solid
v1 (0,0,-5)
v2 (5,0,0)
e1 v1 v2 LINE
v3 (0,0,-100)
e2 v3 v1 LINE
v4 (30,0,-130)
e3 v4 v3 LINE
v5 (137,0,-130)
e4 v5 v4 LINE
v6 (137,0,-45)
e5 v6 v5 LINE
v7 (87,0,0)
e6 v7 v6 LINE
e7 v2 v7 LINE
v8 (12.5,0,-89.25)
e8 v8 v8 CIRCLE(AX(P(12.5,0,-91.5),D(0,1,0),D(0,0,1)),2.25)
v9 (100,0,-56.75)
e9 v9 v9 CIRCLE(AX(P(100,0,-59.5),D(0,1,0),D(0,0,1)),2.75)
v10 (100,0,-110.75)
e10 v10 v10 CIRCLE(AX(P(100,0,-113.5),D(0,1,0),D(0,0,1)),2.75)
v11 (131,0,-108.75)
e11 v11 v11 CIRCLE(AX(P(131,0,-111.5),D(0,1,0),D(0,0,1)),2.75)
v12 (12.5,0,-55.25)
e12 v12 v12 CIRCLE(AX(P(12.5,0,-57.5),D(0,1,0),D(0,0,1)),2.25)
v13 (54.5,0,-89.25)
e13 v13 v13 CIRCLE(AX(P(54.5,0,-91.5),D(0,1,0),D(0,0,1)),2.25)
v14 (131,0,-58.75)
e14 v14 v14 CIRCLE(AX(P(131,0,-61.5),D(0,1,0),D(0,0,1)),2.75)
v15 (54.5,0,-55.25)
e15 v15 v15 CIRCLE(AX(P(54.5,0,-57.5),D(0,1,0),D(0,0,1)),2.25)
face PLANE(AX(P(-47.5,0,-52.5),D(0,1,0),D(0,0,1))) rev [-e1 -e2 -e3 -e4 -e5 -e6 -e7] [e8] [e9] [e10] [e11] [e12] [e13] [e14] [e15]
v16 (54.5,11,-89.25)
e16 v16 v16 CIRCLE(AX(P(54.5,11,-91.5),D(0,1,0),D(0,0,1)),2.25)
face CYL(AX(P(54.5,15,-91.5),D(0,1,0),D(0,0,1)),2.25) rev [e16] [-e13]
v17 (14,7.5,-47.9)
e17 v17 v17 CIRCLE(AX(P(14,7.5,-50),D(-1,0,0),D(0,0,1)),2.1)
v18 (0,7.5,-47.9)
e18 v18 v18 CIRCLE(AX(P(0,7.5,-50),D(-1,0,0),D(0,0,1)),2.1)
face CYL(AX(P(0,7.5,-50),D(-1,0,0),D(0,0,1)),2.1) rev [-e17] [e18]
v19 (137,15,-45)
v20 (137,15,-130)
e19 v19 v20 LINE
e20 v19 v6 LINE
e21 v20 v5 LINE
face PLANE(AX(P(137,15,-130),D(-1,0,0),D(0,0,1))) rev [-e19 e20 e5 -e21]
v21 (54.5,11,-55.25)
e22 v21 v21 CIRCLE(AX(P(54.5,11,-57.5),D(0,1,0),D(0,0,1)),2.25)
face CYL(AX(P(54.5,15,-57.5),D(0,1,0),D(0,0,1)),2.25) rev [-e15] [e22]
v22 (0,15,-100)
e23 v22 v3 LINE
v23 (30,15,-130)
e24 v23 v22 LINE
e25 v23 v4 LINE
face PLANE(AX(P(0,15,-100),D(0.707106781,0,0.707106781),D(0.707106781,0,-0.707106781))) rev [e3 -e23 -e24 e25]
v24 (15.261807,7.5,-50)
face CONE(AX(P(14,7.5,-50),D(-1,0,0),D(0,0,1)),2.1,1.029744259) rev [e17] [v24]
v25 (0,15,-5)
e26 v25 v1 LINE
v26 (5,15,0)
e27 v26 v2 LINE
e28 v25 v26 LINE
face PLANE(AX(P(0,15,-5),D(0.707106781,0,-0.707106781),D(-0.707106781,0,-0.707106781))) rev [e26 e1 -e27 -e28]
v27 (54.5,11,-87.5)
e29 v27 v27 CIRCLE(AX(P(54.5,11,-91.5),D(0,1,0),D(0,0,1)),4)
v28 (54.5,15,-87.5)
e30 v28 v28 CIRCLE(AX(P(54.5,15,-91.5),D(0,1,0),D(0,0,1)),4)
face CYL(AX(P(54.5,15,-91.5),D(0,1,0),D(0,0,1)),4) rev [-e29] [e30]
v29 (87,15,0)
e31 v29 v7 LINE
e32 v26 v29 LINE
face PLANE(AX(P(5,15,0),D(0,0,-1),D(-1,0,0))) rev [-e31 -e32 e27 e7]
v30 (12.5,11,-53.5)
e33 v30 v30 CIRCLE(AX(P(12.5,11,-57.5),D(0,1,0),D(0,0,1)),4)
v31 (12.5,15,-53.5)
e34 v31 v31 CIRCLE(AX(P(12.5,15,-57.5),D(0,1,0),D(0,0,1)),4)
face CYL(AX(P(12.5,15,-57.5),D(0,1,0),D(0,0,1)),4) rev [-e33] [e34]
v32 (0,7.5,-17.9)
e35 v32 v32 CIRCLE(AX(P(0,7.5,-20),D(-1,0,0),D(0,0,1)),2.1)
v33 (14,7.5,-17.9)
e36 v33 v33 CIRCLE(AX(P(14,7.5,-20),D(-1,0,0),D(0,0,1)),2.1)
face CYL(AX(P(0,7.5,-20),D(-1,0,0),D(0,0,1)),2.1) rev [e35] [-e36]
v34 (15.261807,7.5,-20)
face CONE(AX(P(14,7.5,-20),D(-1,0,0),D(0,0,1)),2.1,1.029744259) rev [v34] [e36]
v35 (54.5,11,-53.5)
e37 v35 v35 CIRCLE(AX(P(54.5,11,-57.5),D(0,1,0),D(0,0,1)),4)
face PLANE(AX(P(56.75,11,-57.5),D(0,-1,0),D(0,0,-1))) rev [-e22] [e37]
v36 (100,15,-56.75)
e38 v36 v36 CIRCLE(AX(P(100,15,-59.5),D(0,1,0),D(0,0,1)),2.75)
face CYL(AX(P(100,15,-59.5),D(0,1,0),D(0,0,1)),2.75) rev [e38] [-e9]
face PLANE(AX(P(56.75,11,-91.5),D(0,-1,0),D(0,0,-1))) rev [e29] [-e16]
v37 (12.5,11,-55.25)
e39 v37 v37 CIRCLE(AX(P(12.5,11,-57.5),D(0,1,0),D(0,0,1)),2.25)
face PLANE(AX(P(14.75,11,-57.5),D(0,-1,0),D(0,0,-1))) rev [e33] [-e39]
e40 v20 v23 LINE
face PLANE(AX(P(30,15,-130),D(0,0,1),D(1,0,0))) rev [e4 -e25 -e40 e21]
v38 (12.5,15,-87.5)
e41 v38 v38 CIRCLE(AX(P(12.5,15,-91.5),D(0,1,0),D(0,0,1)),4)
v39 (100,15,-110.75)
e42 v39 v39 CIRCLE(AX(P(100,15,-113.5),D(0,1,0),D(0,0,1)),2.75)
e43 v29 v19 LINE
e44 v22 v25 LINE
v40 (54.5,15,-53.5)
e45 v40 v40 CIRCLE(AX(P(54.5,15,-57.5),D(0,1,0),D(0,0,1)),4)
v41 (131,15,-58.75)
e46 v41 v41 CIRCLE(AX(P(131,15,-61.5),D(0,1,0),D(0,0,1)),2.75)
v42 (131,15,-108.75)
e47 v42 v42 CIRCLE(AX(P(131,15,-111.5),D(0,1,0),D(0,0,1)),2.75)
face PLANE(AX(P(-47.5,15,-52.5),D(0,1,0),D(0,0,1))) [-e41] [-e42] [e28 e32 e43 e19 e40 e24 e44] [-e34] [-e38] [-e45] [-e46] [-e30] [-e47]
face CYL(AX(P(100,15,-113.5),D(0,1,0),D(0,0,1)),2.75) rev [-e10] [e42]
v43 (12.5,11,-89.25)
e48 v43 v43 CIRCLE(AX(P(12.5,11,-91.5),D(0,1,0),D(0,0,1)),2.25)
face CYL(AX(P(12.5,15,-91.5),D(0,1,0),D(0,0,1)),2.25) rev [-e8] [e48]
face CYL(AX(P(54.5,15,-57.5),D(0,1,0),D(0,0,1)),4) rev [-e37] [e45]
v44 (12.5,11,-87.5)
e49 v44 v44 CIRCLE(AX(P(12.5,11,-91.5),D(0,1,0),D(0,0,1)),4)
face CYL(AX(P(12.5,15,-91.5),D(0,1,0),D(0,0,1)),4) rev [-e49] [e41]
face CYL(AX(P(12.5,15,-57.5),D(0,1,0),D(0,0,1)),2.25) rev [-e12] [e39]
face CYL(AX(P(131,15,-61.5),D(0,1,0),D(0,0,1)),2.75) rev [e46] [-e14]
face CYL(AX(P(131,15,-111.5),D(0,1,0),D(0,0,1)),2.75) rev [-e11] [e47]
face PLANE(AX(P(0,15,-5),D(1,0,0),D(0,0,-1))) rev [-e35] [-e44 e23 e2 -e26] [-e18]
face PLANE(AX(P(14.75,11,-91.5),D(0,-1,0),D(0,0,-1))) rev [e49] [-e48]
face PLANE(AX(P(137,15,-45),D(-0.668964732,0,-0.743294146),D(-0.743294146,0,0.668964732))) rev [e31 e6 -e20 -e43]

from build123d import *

# Parameters (mm, degrees)
BOSS_EXTRUDE1_DEPTH                             = 15
M5_CLEARANCE_HOLE1_D                            = 5.5
M5_CLEARANCE_HOLE2_D                            = 5.5
CBORE_FOR_M4_SOCKET_HEAD_CAP_SCREW1_D           = 4.5
CBORE_FOR_M4_SOCKET_HEAD_CAP_SCREW1_CBORE_D     = 8
CBORE_FOR_M4_SOCKET_HEAD_CAP_SCREW1_CBORE_DEPTH = 4
HOLE_WIZARD_M51_D                               = 4.2
HOLE_WIZARD_M51_DEPTH                           = 14
HOLE_WIZARD_M51_TIP                             = 1.2618073


with BuildPart() as part:
    # Sketch1 → Boss-Extrude1 (new body)
    with BuildSketch(Plane(origin=(0, 0, 0), x_dir=(1, 0, 0), z_dir=(0, 1, 0))):
        Polygon((0, 100), (30, 130), (137, 130), (137, 120), (137, 45), (87, 0), (5, 0), (0, 5), align=None)
    extrude(amount=BOSS_EXTRUDE1_DEPTH)

    # M5 Clearance Hole1 (through all)
    with Locations(Plane(origin=(0, 15, 0), x_dir=(-1, 0, 0), z_dir=(0, 1, 0))):
        with Locations((-100, -59.5), (-100, -113.5)):
            Hole(M5_CLEARANCE_HOLE1_D / 2)

    # M5 Clearance Hole2 (through all)
    with Locations(Plane(origin=(0, 15, 0), x_dir=(-1, 0, 0), z_dir=(0, 1, 0))):
        with Locations((-131, -111.5), (-131, -61.5)):
            Hole(M5_CLEARANCE_HOLE2_D / 2)

    # CBORE for M4 Socket Head Cap Screw1 (through all)
    with Locations(Plane(origin=(0, 15, 0), x_dir=(-1, 0, 0), z_dir=(0, 1, 0))):
        with Locations((-12.5, -91.5), (-12.5, -57.5), (-54.5, -57.5), (-54.5, -91.5)):
            CounterBoreHole(CBORE_FOR_M4_SOCKET_HEAD_CAP_SCREW1_D / 2, CBORE_FOR_M4_SOCKET_HEAD_CAP_SCREW1_CBORE_D / 2, CBORE_FOR_M4_SOCKET_HEAD_CAP_SCREW1_CBORE_DEPTH)

    # Отверстие обработанное метчиком M51
    with Locations(Plane.ZY):
        with Locations((-50, 7.5), (-20, 7.5)):
            Hole(HOLE_WIZARD_M51_D / 2, depth=HOLE_WIZARD_M51_DEPTH)
            with Locations((0, 0, -(HOLE_WIZARD_M51_DEPTH + HOLE_WIZARD_M51_TIP / 2))):  # 118° drill point
                Cone(0, HOLE_WIZARD_M51_D / 2, HOLE_WIZARD_M51_TIP, mode=Mode.SUBTRACT)


solid = part.part
